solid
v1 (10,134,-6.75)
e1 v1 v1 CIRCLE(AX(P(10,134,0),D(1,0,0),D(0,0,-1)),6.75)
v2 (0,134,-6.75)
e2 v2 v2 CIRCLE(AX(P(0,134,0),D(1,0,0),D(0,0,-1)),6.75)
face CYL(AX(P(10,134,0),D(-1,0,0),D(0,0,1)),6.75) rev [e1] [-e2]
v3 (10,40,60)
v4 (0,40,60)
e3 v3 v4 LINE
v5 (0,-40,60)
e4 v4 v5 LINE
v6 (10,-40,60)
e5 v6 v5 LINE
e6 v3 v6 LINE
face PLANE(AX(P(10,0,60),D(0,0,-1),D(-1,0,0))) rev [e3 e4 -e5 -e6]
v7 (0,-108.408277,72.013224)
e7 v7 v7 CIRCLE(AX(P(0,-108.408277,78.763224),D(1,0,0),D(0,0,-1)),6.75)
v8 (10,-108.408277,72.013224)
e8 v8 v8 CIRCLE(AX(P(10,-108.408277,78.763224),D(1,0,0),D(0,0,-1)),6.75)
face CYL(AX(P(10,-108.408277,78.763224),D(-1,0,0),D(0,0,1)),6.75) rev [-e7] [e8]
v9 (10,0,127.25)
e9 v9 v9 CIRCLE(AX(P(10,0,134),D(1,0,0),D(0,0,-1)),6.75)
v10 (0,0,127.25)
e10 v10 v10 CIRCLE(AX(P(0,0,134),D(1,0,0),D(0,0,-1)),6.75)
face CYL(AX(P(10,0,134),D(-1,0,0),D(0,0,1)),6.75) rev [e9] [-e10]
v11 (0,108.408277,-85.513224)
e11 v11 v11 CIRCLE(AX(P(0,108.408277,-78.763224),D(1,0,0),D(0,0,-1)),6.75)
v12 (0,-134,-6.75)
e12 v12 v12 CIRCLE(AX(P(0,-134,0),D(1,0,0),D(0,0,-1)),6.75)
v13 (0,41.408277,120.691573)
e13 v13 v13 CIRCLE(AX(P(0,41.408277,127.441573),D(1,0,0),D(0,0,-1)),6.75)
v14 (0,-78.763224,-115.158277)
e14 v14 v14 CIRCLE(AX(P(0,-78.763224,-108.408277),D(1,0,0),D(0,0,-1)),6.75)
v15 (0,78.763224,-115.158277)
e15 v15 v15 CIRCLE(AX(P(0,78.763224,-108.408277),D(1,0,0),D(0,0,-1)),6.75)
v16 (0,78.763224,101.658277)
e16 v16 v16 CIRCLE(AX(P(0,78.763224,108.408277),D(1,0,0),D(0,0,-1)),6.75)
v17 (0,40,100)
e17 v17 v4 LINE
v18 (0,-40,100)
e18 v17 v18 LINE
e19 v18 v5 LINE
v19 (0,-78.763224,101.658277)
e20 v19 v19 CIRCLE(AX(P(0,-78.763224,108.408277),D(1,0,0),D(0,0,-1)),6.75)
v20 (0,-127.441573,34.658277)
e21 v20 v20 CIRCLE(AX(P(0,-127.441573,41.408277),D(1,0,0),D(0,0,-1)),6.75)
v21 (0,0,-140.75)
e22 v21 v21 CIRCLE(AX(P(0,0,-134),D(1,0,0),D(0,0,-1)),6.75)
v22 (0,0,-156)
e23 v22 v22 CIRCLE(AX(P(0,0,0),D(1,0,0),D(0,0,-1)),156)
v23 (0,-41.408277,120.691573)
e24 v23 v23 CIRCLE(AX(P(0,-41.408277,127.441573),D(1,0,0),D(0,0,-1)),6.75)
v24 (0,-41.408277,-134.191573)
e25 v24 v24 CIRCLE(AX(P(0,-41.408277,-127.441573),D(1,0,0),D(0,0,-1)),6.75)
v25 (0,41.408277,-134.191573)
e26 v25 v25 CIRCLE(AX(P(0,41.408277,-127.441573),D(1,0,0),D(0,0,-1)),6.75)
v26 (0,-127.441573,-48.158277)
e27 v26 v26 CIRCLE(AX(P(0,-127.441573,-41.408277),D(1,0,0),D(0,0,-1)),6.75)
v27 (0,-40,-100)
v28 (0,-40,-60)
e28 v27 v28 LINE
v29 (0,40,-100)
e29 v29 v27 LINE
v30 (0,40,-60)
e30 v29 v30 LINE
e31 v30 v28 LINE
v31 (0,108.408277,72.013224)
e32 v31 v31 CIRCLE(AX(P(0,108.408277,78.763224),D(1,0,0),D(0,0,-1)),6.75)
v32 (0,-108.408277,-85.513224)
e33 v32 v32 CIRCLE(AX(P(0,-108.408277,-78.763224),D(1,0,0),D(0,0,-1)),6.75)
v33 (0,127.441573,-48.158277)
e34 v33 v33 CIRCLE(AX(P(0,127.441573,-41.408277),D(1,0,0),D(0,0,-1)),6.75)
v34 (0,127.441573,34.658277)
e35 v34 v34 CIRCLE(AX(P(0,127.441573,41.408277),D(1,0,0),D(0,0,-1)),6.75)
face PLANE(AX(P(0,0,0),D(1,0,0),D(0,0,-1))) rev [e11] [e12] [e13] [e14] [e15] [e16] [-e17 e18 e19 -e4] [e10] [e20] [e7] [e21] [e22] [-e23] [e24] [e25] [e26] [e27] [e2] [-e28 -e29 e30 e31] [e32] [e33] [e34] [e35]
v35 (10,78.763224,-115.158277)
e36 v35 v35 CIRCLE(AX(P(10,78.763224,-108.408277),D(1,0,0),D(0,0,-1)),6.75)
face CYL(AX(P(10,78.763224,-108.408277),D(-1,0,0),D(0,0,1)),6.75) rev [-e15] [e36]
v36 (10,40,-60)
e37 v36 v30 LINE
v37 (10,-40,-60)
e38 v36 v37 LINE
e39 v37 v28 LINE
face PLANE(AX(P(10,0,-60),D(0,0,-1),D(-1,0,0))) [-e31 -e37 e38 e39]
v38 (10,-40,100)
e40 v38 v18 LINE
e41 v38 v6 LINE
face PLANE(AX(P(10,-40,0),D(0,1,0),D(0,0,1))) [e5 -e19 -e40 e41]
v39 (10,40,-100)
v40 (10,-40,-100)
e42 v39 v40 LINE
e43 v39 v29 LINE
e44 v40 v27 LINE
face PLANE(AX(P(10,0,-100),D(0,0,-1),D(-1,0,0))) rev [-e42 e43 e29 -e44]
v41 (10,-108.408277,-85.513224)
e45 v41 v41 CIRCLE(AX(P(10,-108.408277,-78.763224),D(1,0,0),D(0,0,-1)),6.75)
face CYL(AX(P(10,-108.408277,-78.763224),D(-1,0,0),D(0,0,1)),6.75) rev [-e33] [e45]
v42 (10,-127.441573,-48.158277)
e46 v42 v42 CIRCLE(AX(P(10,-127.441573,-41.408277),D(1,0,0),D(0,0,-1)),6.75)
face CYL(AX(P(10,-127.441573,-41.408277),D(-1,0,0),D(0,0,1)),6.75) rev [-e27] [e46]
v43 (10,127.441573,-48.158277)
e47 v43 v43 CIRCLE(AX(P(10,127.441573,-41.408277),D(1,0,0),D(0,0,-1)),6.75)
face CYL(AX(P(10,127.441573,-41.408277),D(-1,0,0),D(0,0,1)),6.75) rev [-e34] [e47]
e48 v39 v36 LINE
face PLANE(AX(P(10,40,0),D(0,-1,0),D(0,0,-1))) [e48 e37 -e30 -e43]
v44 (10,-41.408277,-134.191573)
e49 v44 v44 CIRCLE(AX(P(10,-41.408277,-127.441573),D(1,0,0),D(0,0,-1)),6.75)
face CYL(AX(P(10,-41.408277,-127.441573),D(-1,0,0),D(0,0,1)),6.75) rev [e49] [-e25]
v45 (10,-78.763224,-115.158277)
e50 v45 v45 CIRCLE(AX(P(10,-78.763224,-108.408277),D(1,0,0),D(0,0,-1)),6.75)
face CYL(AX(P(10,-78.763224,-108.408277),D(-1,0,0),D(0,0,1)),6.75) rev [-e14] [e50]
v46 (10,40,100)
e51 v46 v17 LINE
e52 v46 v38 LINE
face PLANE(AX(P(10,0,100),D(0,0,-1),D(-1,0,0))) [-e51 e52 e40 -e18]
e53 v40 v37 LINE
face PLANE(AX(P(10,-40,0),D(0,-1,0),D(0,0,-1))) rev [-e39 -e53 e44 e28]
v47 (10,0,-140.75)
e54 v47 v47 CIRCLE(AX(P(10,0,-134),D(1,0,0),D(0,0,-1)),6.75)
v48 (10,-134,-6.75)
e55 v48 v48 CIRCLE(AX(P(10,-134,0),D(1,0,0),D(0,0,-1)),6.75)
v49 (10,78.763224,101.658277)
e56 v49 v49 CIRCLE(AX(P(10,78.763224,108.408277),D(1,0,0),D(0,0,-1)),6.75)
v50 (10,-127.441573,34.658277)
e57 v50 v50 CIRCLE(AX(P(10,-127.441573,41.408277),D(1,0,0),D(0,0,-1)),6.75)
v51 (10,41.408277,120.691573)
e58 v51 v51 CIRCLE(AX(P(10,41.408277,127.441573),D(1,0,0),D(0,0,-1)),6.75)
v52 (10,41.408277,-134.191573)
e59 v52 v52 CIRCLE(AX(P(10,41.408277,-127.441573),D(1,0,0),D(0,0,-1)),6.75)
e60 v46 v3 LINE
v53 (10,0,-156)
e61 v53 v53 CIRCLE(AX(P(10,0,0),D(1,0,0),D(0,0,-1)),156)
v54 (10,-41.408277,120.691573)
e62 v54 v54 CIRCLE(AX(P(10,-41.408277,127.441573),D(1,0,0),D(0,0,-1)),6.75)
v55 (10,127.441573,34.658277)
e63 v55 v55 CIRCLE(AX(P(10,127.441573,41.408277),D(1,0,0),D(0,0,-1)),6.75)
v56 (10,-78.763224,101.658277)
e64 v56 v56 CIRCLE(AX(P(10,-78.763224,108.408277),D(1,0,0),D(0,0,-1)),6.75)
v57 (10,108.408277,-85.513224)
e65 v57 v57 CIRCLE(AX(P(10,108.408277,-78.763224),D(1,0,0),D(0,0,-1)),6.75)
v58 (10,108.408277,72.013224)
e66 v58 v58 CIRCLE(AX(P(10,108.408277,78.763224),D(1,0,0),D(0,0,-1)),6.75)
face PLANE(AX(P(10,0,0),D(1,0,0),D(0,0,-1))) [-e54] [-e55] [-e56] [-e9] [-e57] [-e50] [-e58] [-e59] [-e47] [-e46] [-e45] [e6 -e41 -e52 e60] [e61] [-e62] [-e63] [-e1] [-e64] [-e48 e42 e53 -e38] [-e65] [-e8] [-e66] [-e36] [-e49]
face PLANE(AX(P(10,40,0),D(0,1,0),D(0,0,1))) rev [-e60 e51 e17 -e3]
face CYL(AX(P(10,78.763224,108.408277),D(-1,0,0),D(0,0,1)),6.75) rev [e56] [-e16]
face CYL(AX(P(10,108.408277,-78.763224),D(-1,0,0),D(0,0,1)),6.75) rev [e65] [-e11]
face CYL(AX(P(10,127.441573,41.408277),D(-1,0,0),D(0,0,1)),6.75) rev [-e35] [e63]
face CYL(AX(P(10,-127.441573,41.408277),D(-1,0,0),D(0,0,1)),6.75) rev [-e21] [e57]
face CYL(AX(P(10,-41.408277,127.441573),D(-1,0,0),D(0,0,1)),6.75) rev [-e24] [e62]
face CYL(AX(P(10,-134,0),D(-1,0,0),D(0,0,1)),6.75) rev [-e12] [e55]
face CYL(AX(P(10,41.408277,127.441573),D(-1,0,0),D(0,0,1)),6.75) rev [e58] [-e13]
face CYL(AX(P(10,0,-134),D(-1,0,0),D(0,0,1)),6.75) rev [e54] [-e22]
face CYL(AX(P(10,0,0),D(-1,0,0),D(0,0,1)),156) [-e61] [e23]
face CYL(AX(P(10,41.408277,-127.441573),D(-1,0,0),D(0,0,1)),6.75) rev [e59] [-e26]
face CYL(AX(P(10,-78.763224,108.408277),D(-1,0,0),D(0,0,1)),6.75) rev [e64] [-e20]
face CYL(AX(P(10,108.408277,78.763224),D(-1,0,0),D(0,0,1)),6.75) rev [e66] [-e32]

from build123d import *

# Parameters (mm, degrees)
ESQUISSE1_R        = 156
ESQUISSE1_R_2      = 6.75
ESQUISSE1_W        = 40
ESQUISSE1_H        = 80
BOSS_EXTRU_1_DEPTH = 10


with BuildPart() as part:
    # Esquisse1 → Boss.-Extru.1 (new body)
    with BuildSketch(Plane(origin=(0, 0, 0), x_dir=(0, 0, -1), z_dir=(1, 0, 0))):
        Circle(ESQUISSE1_R)
        with Locations((127.441573184, -41.408277246)):
            Circle(ESQUISSE1_R_2, mode=Mode.SUBTRACT)
        with Locations((134, 0)):
            Circle(ESQUISSE1_R_2, mode=Mode.SUBTRACT)
        with Locations((108.408277246, -78.763223807)):
            Circle(ESQUISSE1_R_2, mode=Mode.SUBTRACT)
        with Locations((78.763223807, -108.408277246)):
            Circle(ESQUISSE1_R_2, mode=Mode.SUBTRACT)
        with Locations((41.408277246, -127.441573184)):
            Circle(ESQUISSE1_R_2, mode=Mode.SUBTRACT)
        with Locations((0, -134)):
            Circle(ESQUISSE1_R_2, mode=Mode.SUBTRACT)
        with Locations((-41.408277246, -127.441573184)):
            Circle(ESQUISSE1_R_2, mode=Mode.SUBTRACT)
        with Locations((-78.763223807, -108.408277246)):
            Circle(ESQUISSE1_R_2, mode=Mode.SUBTRACT)
        with Locations((-108.408277246, -78.763223807)):
            Circle(ESQUISSE1_R_2, mode=Mode.SUBTRACT)
        with Locations((-127.441573184, -41.408277246)):
            Circle(ESQUISSE1_R_2, mode=Mode.SUBTRACT)
        with Locations((-134, 0)):
            Circle(ESQUISSE1_R_2, mode=Mode.SUBTRACT)
        with Locations((-127.441573184, 41.408277246)):
            Circle(ESQUISSE1_R_2, mode=Mode.SUBTRACT)
        with Locations((-108.408277246, 78.763223807)):
            Circle(ESQUISSE1_R_2, mode=Mode.SUBTRACT)
        with Locations((-78.763223807, 108.408277246)):
            Circle(ESQUISSE1_R_2, mode=Mode.SUBTRACT)
        with Locations((-41.408277246, 127.441573184)):
            Circle(ESQUISSE1_R_2, mode=Mode.SUBTRACT)
        with Locations((0, 134)):
            Circle(ESQUISSE1_R_2, mode=Mode.SUBTRACT)
        with Locations((41.408277246, 127.441573184)):
            Circle(ESQUISSE1_R_2, mode=Mode.SUBTRACT)
        with Locations((78.763223807, 108.408277246)):
            Circle(ESQUISSE1_R_2, mode=Mode.SUBTRACT)
        with Locations((108.408277246, 78.763223807)):
            Circle(ESQUISSE1_R_2, mode=Mode.SUBTRACT)
        with Locations((127.441573184, 41.408277246)):
            Circle(ESQUISSE1_R_2, mode=Mode.SUBTRACT)
        with Locations((-80, 0)):
            Rectangle(ESQUISSE1_W, ESQUISSE1_H, mode=Mode.SUBTRACT)
        with Locations((80, 0)):
            Rectangle(ESQUISSE1_W, ESQUISSE1_H, mode=Mode.SUBTRACT)
    extrude(amount=BOSS_EXTRU_1_DEPTH)


solid = part.part
